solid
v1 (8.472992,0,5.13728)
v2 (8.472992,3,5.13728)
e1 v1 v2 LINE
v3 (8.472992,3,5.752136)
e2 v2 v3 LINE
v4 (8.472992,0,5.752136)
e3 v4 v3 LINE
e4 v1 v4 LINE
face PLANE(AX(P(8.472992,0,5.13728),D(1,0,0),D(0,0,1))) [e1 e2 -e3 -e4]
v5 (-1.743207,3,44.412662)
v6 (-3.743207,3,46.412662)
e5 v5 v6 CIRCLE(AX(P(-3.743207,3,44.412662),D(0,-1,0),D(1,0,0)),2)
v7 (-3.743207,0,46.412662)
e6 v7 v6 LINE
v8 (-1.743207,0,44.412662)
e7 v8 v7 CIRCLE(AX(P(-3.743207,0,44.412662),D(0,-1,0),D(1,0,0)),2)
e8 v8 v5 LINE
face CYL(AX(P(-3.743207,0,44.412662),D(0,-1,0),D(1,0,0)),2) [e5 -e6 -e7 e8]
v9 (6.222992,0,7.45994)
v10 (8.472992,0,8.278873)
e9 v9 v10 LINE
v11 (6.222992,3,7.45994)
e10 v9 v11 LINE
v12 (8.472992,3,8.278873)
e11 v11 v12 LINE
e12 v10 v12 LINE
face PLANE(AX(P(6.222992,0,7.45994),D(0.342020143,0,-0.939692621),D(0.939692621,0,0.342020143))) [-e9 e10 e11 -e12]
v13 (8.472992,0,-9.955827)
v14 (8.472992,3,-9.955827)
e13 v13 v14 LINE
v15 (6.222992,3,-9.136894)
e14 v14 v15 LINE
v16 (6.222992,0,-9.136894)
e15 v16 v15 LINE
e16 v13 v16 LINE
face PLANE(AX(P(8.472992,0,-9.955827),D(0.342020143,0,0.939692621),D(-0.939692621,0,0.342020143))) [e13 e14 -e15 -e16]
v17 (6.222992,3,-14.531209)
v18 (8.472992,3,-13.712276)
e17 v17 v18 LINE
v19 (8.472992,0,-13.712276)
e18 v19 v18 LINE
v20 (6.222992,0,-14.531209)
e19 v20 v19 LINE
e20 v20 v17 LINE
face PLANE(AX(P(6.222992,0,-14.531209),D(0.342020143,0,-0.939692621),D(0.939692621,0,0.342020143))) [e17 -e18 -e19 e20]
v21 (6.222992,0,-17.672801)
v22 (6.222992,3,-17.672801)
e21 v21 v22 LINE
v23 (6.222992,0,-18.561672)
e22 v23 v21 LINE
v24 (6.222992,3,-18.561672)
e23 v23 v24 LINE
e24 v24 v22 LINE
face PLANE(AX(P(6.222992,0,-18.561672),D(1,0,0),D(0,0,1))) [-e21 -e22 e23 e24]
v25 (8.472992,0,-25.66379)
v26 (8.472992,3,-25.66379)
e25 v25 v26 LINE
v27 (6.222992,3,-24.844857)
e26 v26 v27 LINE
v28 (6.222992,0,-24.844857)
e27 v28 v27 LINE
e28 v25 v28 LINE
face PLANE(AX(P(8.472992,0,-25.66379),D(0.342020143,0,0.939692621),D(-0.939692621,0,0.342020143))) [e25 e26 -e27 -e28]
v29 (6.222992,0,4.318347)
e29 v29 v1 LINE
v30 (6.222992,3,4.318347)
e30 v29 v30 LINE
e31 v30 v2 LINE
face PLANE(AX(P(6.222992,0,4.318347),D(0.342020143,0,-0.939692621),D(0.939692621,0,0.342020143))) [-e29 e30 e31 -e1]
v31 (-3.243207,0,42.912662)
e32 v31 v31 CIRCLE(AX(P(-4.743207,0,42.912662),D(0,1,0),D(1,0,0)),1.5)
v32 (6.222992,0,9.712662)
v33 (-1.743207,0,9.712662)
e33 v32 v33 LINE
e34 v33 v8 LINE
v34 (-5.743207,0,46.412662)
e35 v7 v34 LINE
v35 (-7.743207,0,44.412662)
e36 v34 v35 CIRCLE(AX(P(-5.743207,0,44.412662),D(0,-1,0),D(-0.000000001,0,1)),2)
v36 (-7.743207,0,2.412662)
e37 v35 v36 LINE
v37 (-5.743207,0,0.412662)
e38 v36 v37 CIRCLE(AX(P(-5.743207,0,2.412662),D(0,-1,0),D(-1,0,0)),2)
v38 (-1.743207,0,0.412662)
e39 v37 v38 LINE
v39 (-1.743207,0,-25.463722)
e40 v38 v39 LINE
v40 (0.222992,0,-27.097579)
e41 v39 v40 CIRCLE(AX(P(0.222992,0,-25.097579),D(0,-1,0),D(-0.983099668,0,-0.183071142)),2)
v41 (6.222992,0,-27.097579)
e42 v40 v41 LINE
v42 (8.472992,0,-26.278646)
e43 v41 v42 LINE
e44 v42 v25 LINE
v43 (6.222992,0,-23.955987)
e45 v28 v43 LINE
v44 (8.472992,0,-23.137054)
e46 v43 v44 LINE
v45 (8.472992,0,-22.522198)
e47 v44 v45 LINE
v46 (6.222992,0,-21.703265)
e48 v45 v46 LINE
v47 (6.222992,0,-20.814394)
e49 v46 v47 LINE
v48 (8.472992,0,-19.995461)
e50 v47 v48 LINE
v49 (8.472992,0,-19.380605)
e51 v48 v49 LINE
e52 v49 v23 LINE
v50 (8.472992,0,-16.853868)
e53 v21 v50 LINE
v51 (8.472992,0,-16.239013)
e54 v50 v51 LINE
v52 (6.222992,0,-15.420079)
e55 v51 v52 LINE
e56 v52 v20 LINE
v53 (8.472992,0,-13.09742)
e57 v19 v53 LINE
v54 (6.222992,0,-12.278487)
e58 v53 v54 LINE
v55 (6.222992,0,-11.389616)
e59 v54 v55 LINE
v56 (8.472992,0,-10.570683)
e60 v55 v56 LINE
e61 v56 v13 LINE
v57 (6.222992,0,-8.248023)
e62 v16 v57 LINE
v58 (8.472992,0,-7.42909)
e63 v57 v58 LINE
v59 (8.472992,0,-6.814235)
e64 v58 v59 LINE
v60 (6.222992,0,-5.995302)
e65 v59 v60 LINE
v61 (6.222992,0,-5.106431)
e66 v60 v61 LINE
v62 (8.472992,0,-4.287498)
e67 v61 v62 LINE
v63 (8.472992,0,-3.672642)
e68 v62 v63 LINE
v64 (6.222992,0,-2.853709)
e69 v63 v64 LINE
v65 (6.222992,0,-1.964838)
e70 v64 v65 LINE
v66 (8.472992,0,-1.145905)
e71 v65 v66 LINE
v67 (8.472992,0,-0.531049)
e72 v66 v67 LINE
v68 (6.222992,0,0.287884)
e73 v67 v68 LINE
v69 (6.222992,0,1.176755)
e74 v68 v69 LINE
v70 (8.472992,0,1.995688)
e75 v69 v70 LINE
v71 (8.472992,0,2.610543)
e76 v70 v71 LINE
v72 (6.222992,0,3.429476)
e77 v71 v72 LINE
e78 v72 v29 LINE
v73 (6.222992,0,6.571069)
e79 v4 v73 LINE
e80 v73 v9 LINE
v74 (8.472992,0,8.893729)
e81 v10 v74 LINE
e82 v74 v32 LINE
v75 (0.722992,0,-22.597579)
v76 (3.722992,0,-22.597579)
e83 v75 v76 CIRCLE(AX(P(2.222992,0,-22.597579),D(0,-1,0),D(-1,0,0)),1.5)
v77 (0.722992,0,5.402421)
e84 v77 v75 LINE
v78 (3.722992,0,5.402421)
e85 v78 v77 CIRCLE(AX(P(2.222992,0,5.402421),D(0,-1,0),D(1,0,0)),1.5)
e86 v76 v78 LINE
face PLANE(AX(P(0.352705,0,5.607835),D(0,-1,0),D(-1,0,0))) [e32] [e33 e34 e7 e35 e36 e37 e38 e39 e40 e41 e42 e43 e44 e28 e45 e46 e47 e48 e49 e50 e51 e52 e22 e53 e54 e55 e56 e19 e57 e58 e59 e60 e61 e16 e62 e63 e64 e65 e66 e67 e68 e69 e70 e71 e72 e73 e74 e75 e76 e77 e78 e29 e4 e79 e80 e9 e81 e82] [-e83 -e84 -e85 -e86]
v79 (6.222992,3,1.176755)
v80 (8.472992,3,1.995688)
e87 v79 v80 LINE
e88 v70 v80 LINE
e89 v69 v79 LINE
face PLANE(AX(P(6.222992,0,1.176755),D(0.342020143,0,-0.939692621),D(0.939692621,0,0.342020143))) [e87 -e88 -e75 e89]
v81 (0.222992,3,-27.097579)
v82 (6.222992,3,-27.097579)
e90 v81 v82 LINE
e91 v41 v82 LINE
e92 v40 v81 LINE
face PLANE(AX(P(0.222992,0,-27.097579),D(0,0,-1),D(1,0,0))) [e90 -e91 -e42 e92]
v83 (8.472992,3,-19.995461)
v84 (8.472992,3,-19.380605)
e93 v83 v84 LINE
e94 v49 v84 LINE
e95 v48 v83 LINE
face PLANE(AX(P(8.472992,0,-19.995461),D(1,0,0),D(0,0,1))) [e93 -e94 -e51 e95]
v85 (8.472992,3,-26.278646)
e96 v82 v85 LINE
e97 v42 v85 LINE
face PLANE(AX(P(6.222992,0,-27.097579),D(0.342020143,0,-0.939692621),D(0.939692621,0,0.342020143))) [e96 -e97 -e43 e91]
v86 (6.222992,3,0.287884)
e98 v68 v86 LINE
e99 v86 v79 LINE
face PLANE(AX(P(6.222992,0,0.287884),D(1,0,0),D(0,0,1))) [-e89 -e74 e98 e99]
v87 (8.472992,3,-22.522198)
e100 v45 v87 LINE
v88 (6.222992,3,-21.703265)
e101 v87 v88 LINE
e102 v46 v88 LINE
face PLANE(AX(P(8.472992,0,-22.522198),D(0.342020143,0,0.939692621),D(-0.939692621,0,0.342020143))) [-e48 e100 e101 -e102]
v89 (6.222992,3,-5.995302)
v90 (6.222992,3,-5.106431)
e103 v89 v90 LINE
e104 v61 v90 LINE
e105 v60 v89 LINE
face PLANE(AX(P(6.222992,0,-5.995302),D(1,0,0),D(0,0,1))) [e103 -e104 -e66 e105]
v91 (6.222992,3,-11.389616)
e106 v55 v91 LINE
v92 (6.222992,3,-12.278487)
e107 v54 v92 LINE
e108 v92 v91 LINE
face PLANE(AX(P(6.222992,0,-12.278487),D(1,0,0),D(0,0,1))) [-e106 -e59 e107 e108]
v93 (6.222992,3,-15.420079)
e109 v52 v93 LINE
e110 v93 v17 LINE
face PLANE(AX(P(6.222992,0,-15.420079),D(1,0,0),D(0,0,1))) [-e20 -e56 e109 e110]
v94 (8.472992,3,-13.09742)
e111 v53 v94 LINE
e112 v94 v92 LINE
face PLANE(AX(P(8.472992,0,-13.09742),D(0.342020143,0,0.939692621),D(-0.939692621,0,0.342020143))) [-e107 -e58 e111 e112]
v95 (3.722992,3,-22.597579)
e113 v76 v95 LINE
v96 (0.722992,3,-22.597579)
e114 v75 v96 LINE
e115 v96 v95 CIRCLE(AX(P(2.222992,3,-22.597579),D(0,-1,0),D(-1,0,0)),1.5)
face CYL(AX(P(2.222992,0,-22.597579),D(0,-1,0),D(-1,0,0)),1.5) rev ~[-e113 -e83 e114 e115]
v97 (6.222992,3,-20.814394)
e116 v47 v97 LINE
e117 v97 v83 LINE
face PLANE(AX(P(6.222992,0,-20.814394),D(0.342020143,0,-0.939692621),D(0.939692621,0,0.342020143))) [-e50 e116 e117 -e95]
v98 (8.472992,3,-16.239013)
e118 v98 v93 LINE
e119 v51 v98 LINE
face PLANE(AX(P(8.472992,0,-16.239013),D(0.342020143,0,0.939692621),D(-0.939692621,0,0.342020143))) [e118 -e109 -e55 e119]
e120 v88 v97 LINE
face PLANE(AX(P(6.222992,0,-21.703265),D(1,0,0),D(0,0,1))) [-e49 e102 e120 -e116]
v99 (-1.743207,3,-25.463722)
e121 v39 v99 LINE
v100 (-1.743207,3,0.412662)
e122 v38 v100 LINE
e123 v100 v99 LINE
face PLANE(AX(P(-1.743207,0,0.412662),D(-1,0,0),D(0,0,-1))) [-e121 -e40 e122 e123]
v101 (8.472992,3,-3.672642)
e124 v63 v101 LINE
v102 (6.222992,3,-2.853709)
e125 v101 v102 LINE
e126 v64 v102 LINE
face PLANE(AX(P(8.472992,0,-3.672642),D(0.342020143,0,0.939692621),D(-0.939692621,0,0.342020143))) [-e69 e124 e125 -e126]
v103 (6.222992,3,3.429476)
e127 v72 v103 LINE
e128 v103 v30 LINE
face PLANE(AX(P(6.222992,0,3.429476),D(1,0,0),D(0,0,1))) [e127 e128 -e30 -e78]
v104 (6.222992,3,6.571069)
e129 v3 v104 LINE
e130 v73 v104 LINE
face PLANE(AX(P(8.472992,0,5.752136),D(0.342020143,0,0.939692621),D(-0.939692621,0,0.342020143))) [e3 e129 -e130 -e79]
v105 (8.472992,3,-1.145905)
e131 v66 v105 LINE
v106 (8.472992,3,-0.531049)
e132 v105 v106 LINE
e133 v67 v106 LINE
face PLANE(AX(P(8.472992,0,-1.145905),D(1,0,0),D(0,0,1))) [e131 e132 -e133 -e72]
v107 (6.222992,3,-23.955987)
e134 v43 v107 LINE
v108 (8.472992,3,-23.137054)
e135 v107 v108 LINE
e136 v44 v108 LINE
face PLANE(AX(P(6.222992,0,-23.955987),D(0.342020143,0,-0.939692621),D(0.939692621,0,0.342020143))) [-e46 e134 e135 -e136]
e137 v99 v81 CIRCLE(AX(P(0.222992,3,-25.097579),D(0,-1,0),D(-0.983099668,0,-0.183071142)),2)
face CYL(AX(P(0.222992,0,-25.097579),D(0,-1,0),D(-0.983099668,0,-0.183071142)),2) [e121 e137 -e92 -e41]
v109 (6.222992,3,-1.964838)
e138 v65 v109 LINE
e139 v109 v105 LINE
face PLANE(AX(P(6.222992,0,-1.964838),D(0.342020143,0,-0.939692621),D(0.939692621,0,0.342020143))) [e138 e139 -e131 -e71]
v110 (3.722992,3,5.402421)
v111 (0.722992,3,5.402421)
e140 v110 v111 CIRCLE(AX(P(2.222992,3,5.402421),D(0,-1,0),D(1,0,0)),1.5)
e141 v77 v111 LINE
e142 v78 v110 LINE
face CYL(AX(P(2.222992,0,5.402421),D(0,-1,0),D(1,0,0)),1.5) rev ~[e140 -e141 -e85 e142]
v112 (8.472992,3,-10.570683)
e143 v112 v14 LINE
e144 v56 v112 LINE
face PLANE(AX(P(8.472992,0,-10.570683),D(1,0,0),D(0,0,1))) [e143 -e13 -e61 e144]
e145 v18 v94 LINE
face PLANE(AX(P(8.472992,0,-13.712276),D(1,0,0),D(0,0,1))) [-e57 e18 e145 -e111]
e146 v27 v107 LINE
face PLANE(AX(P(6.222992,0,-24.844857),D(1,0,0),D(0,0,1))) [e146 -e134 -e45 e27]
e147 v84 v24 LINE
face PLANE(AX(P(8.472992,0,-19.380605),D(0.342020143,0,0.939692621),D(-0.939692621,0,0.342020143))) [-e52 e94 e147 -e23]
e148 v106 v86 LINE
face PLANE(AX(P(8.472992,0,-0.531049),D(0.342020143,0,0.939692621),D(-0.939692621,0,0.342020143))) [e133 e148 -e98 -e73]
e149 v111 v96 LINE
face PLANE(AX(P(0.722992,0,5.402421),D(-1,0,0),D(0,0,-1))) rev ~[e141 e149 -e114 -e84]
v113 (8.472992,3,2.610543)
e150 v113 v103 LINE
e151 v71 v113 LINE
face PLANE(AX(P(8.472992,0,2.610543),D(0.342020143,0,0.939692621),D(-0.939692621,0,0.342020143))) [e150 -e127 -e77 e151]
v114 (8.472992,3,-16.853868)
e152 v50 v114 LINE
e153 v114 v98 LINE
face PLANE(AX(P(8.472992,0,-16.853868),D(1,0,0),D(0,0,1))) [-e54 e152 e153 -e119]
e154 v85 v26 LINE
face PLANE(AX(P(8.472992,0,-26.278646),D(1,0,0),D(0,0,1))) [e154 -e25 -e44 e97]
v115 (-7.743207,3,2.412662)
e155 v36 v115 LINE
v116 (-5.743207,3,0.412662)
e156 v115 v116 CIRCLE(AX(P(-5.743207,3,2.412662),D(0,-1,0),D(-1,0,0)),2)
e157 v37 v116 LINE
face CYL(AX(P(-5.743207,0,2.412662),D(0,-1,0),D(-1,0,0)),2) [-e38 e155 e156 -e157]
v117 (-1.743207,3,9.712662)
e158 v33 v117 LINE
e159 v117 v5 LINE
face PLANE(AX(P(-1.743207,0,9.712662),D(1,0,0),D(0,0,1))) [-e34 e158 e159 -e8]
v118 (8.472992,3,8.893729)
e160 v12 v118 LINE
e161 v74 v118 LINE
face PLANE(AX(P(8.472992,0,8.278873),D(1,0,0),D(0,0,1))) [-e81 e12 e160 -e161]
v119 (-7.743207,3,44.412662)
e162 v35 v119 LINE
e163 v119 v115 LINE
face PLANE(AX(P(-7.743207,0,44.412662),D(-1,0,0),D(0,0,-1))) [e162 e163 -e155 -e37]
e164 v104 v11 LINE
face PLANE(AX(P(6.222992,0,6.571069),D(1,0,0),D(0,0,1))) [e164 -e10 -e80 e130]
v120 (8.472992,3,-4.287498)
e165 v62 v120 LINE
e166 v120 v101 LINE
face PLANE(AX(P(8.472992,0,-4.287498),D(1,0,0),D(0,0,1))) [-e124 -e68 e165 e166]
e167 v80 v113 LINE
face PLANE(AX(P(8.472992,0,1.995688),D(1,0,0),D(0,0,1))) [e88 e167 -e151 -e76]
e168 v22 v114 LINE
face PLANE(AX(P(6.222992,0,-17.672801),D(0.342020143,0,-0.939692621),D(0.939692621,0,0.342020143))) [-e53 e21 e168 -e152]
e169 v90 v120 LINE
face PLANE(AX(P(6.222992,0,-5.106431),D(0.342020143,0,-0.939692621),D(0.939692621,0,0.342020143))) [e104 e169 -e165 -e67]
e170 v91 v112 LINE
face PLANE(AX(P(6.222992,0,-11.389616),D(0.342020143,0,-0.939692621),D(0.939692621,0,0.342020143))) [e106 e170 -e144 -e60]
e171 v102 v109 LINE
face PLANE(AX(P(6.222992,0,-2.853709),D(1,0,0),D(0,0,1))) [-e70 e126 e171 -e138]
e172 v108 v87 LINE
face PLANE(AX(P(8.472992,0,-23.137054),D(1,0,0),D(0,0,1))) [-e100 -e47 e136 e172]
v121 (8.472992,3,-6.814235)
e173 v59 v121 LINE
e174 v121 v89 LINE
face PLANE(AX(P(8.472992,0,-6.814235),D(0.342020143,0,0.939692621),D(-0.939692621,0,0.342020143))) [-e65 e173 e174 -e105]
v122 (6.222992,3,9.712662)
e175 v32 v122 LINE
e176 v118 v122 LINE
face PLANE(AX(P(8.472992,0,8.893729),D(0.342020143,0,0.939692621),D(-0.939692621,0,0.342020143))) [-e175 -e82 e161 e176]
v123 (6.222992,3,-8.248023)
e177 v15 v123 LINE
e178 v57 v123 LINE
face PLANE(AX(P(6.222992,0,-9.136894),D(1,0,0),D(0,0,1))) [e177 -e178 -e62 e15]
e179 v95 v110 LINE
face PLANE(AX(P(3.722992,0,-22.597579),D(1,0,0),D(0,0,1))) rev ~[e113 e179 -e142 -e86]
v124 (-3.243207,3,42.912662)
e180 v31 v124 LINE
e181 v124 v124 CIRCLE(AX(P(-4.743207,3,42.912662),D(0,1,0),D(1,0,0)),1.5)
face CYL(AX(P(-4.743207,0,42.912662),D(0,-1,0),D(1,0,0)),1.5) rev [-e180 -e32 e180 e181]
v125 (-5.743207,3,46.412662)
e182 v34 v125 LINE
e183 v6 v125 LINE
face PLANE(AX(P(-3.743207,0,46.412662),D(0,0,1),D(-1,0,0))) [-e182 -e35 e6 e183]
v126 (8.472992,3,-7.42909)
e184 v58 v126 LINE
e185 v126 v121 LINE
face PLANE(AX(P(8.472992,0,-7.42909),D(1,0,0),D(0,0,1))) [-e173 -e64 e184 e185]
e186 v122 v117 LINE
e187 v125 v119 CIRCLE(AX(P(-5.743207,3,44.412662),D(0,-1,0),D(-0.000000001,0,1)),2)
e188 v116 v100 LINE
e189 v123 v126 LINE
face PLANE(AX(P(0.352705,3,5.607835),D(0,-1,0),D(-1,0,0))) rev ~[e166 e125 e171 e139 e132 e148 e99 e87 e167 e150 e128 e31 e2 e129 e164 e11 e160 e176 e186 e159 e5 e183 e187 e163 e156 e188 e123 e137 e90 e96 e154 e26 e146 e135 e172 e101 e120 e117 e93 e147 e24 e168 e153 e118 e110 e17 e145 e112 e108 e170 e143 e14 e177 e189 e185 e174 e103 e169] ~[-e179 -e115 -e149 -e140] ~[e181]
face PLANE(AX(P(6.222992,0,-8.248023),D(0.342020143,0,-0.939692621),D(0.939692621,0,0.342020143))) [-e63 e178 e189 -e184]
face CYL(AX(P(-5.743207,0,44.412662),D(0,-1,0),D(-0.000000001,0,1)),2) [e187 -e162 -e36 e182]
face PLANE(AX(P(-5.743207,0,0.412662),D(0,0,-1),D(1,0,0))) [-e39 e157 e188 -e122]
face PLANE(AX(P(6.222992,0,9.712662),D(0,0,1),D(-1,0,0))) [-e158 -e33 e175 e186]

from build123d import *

# Parameters (mm, degrees)
CROQUIS1_R              = 1.5
SALIENTE_EXTRUIR2_DEPTH = 3


with BuildPart() as part:
    # Croquis1 → Saliente-Extruir2 (new body)
    with BuildSketch(Plane(origin=(0, 0, 0), x_dir=(1, 0, 0), z_dir=(0, 1, 0))):
        with BuildLine():
            Line((0.222991841, 27.097579335), (6.222991841, 27.097579335))
            Line((6.222991841, 27.097579335), (8.472991841, 26.278646308))
            Line((8.472991841, 26.278646308), (8.472991841, 25.663790451))
            Line((8.472991841, 25.663790451), (6.222991841, 24.844857424))
            Line((6.222991841, 24.844857424), (6.222991841, 23.955986685))
            Line((6.222991841, 23.955986685), (8.472991841, 23.137053658))
            Line((8.472991841, 23.137053658), (8.472991841, 22.522197801))
            Line((8.472991841, 22.522197801), (6.222991841, 21.703264774))
            Line((6.222991841, 21.703264774), (6.222991841, 20.814394035))
            Line((6.222991841, 20.814394035), (8.472991841, 19.995461008))
            Line((8.472991841, 19.995461008), (8.472991841, 19.380605151))
            Line((8.472991841, 19.380605151), (6.222991841, 18.561672124))
            Line((6.222991841, 18.561672124), (6.222991841, 17.672801385))
            Line((6.222991841, 17.672801385), (8.472991841, 16.853868358))
            Line((8.472991841, 16.853868358), (8.472991841, 16.239012501))
            Line((8.472991841, 16.239012501), (6.222991841, 15.420079474))
            Line((6.222991841, 15.420079474), (6.222991841, 14.531208735))
            Line((6.222991841, 14.531208735), (8.472991841, 13.712275708))
            Line((8.472991841, 13.712275708), (8.472991841, 13.097419851))
            Line((8.472991841, 13.097419851), (6.222991841, 12.278486824))
            Line((6.222991841, 12.278486824), (6.222991841, 11.389616085))
            Line((6.222991841, 11.389616085), (8.472991841, 10.570683058))
            Line((8.472991841, 10.570683058), (8.472991841, 9.955827201))
            Line((8.472991841, 9.955827201), (6.222991841, 9.136894174))
            Line((6.222991841, 9.136894174), (6.222991841, 8.248023435))
            Line((6.222991841, 8.248023435), (8.472991841, 7.429090408))
            Line((8.472991841, 7.429090408), (8.472991841, 6.814234551))
            Line((8.472991841, 6.814234551), (6.222991841, 5.995301524))
            Line((6.222991841, 5.995301524), (6.222991841, 5.106430785))
            Line((6.222991841, 5.106430785), (8.472991841, 4.287497758))
            Line((8.472991841, 4.287497758), (8.472991841, 3.672641901))
            Line((8.472991841, 3.672641901), (6.222991841, 2.853708874))
            Line((6.222991841, 2.853708874), (6.222991841, 1.964838135))
            Line((6.222991841, 1.964838135), (8.472991841, 1.145905108))
            Line((8.472991841, 1.145905108), (8.472991841, 0.531049251))
            Line((8.472991841, 0.531049251), (6.222991841, -0.287883776))
            Line((6.222991841, -0.287883776), (6.222991841, -1.176754515))
            Line((6.222991841, -1.176754515), (8.472991841, -1.995687542))
            Line((8.472991841, -1.995687542), (8.472991841, -2.610543399))
            Line((8.472991841, -2.610543399), (6.222991841, -3.429476426))
            Line((6.222991841, -3.429476426), (6.222991841, -4.318347165))
            Line((6.222991841, -4.318347165), (8.472991841, -5.137280192))
            Line((8.472991841, -5.137280192), (8.472991841, -5.752136049))
            Line((8.472991841, -5.752136049), (6.222991841, -6.571069076))
            Line((6.222991841, -6.571069076), (6.222991841, -7.459939815))
            Line((6.222991841, -7.459939815), (8.472991841, -8.278872842))
            Line((8.472991841, -8.278872842), (8.472991841, -8.893728699))
            Line((8.472991841, -8.893728699), (6.222991841, -9.712661726))
            Line((6.222991841, -9.712661726), (0.256792505, -9.712661726))
            Line((0.256792505, -9.712661726), (-1.743207495, -9.712661726))
            Line((-1.743207495, -9.712661726), (-1.743207495, -44.412661726))
            ThreePointArc((-1.743207495, -44.412661726), (-2.328993932, -45.826875288), (-3.743207495, -46.412661726))
            Line((-3.743207495, -46.412661726), (-5.743207495, -46.412661726))
            ThreePointArc((-5.743207495, -46.412661726), (-7.157421057, -45.826875288), (-7.743207495, -44.412661726))
            Line((-7.743207495, -44.412661726), (-7.743207495, -6.412661726))
            Line((-7.743207495, -6.412661726), (-7.743207495, -4.412661726))
            Line((-7.743207495, -4.412661726), (-7.743207495, -2.412661726))
            ThreePointArc((-7.743207495, -2.412661726), (-7.157421057, -0.998448163), (-5.743207495, -0.412661726))
            Line((-5.743207495, -0.412661726), (-1.743207495, -0.412661726))
            Line((-1.743207495, -0.412661726), (-1.743207495, 25.463721618))
            ThreePointArc((-1.743207495, 25.463721618), (-1.055232598, 26.635806328), (0.222991841, 27.097579335))
        make_face()
        with Locations((-4.743207495, -42.912661726)):
            Circle(CROQUIS1_R, mode=Mode.SUBTRACT)
        with BuildLine():
            Line((3.722991841, 22.597579335), (3.722991841, -5.402420665))
            ThreePointArc((3.722991841, -5.402420665), (2.222991841, -6.902420665), (0.722991841, -5.402420665))
            Line((0.722991841, -5.402420665), (0.722991841, 22.597579335))
            ThreePointArc((0.722991841, 22.597579335), (2.222991841, 24.097579335), (3.722991841, 22.597579335))
        make_face(mode=Mode.SUBTRACT)
    extrude(amount=SALIENTE_EXTRUIR2_DEPTH)


solid = part.part
